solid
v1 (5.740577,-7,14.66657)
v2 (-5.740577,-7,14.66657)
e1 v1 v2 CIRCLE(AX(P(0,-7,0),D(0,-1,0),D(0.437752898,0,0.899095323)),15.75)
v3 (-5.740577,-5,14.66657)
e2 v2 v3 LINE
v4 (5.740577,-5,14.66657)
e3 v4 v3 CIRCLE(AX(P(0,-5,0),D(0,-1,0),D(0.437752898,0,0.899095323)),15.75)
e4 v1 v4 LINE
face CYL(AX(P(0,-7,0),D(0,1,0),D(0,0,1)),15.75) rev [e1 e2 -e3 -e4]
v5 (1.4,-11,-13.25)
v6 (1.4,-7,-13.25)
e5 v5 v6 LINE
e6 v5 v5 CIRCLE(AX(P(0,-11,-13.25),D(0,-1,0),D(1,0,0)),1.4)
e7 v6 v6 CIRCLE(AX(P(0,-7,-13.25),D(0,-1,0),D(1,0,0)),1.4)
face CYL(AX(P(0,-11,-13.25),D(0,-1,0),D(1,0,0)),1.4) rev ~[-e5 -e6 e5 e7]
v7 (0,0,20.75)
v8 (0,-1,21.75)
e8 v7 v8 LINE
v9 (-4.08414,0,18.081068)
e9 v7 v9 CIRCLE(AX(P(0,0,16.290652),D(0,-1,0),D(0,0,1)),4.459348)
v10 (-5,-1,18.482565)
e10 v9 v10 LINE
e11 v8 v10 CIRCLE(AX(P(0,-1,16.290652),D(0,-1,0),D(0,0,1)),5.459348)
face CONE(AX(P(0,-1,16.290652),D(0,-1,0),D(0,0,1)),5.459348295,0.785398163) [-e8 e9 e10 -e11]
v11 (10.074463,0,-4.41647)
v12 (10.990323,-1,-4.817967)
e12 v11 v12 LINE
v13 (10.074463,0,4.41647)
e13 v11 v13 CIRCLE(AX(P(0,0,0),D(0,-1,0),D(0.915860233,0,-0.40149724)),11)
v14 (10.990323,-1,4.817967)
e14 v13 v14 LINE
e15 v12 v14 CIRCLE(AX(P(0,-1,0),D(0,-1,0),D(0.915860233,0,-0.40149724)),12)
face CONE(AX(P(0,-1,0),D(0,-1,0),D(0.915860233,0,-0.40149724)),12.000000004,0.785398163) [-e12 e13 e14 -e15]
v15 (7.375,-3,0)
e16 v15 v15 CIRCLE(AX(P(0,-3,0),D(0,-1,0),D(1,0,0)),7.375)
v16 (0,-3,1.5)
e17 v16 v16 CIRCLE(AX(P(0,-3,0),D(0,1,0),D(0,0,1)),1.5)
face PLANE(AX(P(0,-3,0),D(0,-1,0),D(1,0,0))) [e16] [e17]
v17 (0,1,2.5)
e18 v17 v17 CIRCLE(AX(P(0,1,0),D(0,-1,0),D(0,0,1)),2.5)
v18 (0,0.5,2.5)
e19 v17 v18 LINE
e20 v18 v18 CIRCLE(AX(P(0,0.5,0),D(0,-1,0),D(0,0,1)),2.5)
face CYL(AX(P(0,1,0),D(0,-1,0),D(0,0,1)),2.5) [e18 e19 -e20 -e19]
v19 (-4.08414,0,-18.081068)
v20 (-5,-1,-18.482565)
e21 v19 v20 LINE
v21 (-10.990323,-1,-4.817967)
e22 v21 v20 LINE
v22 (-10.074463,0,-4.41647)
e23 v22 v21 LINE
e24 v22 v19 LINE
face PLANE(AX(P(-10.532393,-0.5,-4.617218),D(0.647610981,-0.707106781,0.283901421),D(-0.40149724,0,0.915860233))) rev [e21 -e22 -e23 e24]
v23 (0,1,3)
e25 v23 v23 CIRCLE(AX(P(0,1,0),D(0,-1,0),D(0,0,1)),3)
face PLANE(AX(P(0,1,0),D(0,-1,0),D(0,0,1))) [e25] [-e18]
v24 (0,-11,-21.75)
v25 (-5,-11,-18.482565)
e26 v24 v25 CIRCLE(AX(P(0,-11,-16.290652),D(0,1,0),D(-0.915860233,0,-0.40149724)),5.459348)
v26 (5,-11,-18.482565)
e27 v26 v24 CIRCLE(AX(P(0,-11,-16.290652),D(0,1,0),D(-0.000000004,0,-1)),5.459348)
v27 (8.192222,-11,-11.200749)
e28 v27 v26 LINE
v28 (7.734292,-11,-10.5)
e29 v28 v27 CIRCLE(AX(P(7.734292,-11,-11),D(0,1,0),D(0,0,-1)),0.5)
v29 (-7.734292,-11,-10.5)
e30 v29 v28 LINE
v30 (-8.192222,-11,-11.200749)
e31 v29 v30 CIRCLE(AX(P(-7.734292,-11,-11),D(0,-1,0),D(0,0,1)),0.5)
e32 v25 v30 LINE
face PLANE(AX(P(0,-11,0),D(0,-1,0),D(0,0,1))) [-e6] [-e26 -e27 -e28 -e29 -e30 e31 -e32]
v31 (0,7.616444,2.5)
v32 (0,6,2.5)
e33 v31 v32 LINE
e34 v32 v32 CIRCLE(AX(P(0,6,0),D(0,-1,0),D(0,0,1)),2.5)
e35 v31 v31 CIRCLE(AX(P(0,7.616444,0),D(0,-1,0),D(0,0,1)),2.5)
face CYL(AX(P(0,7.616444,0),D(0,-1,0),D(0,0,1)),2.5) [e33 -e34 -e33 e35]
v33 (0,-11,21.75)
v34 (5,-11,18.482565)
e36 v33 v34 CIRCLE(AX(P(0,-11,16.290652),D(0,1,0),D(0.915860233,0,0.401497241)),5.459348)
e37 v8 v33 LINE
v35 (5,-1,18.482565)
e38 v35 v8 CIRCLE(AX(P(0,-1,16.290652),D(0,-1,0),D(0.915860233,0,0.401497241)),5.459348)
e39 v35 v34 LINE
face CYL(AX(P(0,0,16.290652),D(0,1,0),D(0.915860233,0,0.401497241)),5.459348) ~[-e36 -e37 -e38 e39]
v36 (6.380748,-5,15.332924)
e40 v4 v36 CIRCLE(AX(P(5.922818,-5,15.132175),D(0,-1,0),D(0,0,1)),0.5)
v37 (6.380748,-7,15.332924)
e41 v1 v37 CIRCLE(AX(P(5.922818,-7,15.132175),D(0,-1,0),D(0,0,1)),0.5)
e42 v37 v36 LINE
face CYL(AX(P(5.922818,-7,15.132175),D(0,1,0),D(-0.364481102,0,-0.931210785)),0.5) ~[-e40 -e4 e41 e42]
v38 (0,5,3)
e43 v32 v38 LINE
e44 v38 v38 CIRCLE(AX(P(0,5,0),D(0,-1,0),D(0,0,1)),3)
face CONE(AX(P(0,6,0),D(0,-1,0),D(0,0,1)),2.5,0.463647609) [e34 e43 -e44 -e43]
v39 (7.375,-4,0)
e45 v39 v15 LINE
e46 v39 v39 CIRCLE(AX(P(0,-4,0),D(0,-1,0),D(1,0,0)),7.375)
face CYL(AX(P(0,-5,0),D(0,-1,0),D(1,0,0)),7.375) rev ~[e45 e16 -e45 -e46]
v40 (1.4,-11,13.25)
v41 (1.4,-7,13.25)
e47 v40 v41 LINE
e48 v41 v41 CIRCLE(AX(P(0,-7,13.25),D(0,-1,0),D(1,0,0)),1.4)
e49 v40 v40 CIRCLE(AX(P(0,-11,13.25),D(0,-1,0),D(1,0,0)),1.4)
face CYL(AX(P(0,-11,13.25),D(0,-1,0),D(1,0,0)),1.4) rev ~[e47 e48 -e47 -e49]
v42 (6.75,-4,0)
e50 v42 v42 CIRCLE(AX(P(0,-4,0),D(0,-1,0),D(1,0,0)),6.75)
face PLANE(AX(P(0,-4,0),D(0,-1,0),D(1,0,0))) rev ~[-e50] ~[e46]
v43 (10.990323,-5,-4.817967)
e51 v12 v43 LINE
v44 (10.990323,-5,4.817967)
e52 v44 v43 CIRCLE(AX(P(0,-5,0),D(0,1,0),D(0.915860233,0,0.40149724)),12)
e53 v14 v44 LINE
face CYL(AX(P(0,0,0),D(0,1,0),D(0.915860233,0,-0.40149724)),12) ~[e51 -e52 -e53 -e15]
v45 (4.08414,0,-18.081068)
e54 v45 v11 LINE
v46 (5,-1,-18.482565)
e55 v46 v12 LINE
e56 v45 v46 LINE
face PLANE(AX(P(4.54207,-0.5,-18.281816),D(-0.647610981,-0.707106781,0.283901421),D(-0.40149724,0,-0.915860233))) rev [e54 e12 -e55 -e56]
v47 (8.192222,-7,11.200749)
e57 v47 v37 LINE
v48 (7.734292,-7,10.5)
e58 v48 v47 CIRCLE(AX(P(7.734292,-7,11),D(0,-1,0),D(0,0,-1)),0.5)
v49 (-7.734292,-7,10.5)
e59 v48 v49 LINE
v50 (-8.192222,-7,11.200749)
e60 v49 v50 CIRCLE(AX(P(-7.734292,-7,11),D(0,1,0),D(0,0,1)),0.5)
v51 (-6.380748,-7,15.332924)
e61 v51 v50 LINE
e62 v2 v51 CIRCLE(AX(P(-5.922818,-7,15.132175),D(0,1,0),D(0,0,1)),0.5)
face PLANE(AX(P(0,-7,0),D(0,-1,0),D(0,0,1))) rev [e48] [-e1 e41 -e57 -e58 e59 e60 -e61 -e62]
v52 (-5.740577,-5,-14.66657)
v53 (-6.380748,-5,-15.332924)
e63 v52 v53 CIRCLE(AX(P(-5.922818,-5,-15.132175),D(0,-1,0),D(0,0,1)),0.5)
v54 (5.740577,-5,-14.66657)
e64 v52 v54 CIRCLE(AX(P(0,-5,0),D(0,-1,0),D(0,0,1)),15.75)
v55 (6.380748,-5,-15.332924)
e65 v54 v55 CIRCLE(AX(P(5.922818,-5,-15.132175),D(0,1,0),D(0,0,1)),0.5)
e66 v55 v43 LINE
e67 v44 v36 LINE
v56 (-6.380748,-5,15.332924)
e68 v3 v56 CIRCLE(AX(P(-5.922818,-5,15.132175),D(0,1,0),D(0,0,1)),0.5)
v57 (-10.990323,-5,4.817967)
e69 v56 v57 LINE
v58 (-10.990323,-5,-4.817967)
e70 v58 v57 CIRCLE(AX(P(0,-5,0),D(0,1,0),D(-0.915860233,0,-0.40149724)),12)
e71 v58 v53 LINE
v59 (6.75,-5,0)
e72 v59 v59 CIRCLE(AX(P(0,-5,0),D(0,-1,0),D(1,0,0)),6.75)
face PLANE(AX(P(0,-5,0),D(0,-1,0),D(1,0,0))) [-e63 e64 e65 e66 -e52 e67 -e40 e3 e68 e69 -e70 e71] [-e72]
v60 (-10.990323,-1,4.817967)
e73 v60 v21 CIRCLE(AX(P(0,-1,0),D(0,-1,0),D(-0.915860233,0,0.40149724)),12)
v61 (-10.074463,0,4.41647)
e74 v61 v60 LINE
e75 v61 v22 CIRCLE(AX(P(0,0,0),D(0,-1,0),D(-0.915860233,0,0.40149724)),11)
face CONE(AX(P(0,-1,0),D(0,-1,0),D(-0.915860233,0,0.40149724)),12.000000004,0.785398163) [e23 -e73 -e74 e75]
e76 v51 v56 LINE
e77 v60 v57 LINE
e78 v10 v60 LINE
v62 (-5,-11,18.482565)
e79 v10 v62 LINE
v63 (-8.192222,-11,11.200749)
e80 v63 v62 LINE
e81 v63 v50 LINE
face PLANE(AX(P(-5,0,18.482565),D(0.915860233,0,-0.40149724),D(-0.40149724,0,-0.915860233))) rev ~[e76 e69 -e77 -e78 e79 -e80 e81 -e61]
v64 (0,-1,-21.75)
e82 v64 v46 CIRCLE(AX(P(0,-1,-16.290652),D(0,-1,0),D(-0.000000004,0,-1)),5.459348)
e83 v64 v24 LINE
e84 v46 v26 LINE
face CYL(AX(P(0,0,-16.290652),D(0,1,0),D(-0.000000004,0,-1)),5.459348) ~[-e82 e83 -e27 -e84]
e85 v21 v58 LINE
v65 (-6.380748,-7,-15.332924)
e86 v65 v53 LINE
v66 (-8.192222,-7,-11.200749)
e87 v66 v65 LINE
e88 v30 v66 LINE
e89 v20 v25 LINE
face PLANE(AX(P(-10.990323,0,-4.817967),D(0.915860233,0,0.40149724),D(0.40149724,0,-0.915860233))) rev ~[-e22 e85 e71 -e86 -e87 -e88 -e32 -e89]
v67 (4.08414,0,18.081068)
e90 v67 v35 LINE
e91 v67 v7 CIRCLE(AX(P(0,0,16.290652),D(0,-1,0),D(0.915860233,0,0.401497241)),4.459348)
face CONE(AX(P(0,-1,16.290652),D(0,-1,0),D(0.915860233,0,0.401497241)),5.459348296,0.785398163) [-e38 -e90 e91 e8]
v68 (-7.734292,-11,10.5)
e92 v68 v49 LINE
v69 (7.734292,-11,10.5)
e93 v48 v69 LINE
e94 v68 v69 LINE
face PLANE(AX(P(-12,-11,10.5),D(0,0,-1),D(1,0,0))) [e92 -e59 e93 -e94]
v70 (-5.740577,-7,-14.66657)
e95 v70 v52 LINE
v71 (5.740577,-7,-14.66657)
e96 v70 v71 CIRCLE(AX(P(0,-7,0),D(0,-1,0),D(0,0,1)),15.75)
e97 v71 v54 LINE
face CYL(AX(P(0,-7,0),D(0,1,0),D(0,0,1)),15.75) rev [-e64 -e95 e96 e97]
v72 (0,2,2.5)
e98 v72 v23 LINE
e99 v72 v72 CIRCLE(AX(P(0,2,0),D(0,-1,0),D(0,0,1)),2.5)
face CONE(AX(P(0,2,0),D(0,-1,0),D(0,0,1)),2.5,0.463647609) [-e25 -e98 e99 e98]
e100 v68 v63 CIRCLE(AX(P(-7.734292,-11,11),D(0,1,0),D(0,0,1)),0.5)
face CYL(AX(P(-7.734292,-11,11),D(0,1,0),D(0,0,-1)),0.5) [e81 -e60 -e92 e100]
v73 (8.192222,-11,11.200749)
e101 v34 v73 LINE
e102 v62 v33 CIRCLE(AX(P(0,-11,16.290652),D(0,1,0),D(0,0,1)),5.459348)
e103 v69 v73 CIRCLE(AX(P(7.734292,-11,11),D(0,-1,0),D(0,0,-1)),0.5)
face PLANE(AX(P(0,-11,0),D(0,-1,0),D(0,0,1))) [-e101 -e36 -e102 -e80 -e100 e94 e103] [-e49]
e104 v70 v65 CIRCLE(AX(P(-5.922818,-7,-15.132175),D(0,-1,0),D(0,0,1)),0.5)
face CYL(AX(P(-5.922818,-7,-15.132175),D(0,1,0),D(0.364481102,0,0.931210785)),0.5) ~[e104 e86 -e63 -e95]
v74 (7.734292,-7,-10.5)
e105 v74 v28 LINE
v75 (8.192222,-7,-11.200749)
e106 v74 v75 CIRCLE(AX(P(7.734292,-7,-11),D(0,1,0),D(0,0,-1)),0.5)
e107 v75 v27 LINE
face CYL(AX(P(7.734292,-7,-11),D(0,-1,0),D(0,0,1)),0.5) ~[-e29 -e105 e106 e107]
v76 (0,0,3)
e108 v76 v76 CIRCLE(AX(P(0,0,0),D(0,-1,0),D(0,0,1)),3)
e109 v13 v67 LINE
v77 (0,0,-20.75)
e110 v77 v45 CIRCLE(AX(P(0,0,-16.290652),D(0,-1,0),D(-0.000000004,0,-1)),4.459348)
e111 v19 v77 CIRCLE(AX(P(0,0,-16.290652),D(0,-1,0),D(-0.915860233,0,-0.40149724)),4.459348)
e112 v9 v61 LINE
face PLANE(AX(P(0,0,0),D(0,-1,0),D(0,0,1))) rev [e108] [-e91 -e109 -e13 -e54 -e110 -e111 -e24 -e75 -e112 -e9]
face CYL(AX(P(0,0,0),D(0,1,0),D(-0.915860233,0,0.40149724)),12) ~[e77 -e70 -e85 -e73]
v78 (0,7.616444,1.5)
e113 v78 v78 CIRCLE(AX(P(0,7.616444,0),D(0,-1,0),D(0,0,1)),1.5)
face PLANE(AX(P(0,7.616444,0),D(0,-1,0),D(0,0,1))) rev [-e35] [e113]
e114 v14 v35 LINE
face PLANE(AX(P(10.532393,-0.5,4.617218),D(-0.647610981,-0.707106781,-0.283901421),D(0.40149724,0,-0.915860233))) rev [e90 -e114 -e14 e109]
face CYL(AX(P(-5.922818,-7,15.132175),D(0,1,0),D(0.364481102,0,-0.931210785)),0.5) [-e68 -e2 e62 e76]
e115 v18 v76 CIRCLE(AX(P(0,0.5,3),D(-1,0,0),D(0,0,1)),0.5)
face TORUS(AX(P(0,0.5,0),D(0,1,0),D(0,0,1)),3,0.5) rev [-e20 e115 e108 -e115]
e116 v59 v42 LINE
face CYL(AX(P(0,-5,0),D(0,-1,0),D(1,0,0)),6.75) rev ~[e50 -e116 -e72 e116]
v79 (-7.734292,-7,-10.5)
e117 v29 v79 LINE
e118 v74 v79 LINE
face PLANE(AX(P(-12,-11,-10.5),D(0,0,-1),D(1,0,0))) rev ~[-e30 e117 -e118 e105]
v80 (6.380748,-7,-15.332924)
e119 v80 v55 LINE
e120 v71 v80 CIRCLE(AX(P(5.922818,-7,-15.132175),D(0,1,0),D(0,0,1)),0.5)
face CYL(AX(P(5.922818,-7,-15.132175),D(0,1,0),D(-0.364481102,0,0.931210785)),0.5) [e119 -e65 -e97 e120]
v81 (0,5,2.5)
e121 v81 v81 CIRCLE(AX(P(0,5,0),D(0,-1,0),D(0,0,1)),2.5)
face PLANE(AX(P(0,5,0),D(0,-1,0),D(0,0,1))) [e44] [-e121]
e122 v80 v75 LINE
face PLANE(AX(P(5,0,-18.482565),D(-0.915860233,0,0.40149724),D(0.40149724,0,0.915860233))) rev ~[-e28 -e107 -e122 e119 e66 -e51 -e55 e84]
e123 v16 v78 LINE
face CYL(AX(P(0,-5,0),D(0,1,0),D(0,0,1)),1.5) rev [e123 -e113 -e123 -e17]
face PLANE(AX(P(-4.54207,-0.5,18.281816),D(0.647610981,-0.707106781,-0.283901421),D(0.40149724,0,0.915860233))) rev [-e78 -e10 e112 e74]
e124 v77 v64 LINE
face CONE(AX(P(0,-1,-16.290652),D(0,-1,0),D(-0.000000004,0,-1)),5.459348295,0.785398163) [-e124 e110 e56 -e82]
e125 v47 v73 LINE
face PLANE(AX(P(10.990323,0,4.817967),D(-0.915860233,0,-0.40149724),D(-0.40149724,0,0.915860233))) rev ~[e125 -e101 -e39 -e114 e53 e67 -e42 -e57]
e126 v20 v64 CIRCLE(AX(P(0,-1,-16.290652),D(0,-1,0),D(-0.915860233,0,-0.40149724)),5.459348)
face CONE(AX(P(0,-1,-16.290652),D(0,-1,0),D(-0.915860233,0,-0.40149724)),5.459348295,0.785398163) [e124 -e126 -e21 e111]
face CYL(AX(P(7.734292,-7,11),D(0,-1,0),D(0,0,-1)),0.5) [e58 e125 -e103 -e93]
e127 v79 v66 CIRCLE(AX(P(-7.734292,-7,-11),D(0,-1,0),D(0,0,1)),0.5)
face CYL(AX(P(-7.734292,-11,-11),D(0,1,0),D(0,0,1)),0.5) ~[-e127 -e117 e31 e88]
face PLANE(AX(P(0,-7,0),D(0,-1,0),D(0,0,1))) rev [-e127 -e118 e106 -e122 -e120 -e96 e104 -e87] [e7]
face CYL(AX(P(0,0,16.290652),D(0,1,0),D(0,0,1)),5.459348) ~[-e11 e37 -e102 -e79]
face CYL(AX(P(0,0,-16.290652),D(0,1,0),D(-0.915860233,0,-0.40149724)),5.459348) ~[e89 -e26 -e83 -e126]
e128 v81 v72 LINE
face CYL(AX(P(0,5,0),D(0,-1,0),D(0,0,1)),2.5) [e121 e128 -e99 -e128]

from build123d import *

# Parameters (mm, degrees)
CUT_EXTRUDE1_DEPTH  = 12
SKETCH5_W           = 24
SKETCH5_H           = 21
CUT_EXTRUDE3_DEPTH  = 6
FILLET1_R           = 0.5
FILLET3_R           = 0.5
CHAMFER2_SIZE       = 1
SKETCH12_R          = 1.4
CUT_EXTRUDE7_DEPTH  = 6
SKETCH13_R          = 7.375
CUT_EXTRUDE8_DEPTH  = 2
SKETCH14_R          = 7.375
SKETCH14_R_2        = 6.75
BOSS_EXTRUDE1_DEPTH = 1


with BuildPart() as part:
    # Sketch2 → Revolve1 (revolve)
    with BuildSketch(Plane(origin=(0, 0, 0), x_dir=(0, 0, -1), z_dir=(1, 0, 0))):
        Polygon((-2.5, 0), (-21.75, 0), (-21.75, -11), (-8.75, -11), (-8.75, -7), (-15.75, -7), (-15.75, -5), (-1.5, -5), (-1.5, 6), (-1.5, 7.616444111), (-2.5, 7.616444111), (-2.5, 6), (-3, 5), (-2.5, 5), (-2.5, 2), (-3, 1), (-2.5, 1), align=None)
    revolve(axis=Axis((0, 7.880012575, 0), (0, -1, 0)))

    # Sketch3 → Cut-Extrude1 (cut, through all)
    with BuildSketch(Plane(origin=(0, 0, 0), x_dir=(1, 0, 0), z_dir=(0, 1, 0))):
        with BuildLine():
            ThreePointArc((-10.990322793, -4.817966886), (-12, 0), (-10.990322793, 4.817966886))
            Line((-10.990322793, 4.817966886), (-5, 18.48256498))
            ThreePointArc((-5, 18.48256498), (-2.986475006, 20.860711972), (-2.4e-08, 21.75))
            ThreePointArc((-2.4e-08, 21.75), (-21.75, -1.1e-08), (-2e-09, -21.75))
            ThreePointArc((-2e-09, -21.75), (-2.986474997, -20.860711978), (-5, -18.48256498))
            Line((-5, -18.48256498), (-10.990322793, -4.817966886))
        make_face()
        with BuildLine():
            ThreePointArc((21.75, 0), (15.379572482, 15.379572499), (-2.4e-08, 21.75))
            ThreePointArc((-2.4e-08, 21.75), (2.986474986, 20.860711985), (5, 18.48256498))
            Line((5, 18.48256498), (10.990322793, 4.817966886))
            ThreePointArc((10.990322793, 4.817966886), (12, 0), (10.990322793, -4.817966886))
            Line((10.990322793, -4.817966886), (5, -18.48256498))
            ThreePointArc((5, -18.48256498), (2.986474995, -20.860711979), (-2e-09, -21.75))
            ThreePointArc((-2e-09, -21.75), (15.37957249, -15.379572492), (21.75, 0))
        make_face()
    extrude(amount=-CUT_EXTRUDE1_DEPTH, mode=Mode.SUBTRACT)

    # Sketch5 → Cut-Extrude3 (cut)
    with BuildSketch(Plane.XZ.offset(11)):
        Rectangle(SKETCH5_W, SKETCH5_H)
    extrude(amount=-CUT_EXTRUDE3_DEPTH, mode=Mode.SUBTRACT)

    # Fillet1
    fillet1_edges = [part.edges().sort_by_distance(p)[0] for p in [
        (8.49941803, -9, 10.5),
        (-8.49941803, -9, 10.5),
        (-8.49941803, -9, -10.5),
        (-6.894608136, -6, -14.160751345),
        (-6.894608136, -6, 14.160751345),
        (6.894608136, -6, -14.160751345),
        (6.894608136, -6, 14.160751345),
        (8.49941803, -9, -10.5),
    ]]
    fillet(fillet1_edges, radius=FILLET1_R)

    # Fillet3
    fillet3_edges = [part.edges().sort_by_distance(p)[0] for p in [
        (0, 0, -2.5),
    ]]
    fillet(fillet3_edges, radius=FILLET3_R)

    # Chamfer2
    chamfer2_edges = [part.edges().sort_by_distance(p)[0] for p in [
        (0, 0, 21.75),
        (-7.995161396, 0, 11.650265933),
        (-12, 0, 0),
        (-7.995161396, 0, -11.650265933),
        (0, 0, -21.75),
        (7.995161396, 0, 11.650265933),
        (7.995161396, 0, -11.650265933),
        (12, 0, 0),
    ]]
    chamfer(chamfer2_edges, length=CHAMFER2_SIZE)

    # Sketch12 → Cut-Extrude7 (cut)
    with BuildSketch(Plane.XZ.offset(11)):
        with Locations((0, -13.25)):
            Circle(SKETCH12_R)
        with Locations((0, 13.25)):
            Circle(SKETCH12_R)
    extrude(amount=-CUT_EXTRUDE7_DEPTH, mode=Mode.SUBTRACT)

    # Sketch13 → Cut-Extrude8 (cut)
    with BuildSketch(Plane.XZ.offset(5)):
        Circle(SKETCH13_R)
    extrude(amount=-CUT_EXTRUDE8_DEPTH, mode=Mode.SUBTRACT)


with BuildPart() as body_2:
    # Sketch14 → Boss-Extrude1 (new body)
    with BuildSketch(Plane.XZ.offset(5)):
        Circle(SKETCH14_R)
        Circle(SKETCH14_R_2, mode=Mode.SUBTRACT)
    extrude(amount=-BOSS_EXTRUDE1_DEPTH)


with BuildPart() as part_1:
    add(part.part)

    # Combine1: union body 2
    add(body_2.part)


solid = part_1.part
